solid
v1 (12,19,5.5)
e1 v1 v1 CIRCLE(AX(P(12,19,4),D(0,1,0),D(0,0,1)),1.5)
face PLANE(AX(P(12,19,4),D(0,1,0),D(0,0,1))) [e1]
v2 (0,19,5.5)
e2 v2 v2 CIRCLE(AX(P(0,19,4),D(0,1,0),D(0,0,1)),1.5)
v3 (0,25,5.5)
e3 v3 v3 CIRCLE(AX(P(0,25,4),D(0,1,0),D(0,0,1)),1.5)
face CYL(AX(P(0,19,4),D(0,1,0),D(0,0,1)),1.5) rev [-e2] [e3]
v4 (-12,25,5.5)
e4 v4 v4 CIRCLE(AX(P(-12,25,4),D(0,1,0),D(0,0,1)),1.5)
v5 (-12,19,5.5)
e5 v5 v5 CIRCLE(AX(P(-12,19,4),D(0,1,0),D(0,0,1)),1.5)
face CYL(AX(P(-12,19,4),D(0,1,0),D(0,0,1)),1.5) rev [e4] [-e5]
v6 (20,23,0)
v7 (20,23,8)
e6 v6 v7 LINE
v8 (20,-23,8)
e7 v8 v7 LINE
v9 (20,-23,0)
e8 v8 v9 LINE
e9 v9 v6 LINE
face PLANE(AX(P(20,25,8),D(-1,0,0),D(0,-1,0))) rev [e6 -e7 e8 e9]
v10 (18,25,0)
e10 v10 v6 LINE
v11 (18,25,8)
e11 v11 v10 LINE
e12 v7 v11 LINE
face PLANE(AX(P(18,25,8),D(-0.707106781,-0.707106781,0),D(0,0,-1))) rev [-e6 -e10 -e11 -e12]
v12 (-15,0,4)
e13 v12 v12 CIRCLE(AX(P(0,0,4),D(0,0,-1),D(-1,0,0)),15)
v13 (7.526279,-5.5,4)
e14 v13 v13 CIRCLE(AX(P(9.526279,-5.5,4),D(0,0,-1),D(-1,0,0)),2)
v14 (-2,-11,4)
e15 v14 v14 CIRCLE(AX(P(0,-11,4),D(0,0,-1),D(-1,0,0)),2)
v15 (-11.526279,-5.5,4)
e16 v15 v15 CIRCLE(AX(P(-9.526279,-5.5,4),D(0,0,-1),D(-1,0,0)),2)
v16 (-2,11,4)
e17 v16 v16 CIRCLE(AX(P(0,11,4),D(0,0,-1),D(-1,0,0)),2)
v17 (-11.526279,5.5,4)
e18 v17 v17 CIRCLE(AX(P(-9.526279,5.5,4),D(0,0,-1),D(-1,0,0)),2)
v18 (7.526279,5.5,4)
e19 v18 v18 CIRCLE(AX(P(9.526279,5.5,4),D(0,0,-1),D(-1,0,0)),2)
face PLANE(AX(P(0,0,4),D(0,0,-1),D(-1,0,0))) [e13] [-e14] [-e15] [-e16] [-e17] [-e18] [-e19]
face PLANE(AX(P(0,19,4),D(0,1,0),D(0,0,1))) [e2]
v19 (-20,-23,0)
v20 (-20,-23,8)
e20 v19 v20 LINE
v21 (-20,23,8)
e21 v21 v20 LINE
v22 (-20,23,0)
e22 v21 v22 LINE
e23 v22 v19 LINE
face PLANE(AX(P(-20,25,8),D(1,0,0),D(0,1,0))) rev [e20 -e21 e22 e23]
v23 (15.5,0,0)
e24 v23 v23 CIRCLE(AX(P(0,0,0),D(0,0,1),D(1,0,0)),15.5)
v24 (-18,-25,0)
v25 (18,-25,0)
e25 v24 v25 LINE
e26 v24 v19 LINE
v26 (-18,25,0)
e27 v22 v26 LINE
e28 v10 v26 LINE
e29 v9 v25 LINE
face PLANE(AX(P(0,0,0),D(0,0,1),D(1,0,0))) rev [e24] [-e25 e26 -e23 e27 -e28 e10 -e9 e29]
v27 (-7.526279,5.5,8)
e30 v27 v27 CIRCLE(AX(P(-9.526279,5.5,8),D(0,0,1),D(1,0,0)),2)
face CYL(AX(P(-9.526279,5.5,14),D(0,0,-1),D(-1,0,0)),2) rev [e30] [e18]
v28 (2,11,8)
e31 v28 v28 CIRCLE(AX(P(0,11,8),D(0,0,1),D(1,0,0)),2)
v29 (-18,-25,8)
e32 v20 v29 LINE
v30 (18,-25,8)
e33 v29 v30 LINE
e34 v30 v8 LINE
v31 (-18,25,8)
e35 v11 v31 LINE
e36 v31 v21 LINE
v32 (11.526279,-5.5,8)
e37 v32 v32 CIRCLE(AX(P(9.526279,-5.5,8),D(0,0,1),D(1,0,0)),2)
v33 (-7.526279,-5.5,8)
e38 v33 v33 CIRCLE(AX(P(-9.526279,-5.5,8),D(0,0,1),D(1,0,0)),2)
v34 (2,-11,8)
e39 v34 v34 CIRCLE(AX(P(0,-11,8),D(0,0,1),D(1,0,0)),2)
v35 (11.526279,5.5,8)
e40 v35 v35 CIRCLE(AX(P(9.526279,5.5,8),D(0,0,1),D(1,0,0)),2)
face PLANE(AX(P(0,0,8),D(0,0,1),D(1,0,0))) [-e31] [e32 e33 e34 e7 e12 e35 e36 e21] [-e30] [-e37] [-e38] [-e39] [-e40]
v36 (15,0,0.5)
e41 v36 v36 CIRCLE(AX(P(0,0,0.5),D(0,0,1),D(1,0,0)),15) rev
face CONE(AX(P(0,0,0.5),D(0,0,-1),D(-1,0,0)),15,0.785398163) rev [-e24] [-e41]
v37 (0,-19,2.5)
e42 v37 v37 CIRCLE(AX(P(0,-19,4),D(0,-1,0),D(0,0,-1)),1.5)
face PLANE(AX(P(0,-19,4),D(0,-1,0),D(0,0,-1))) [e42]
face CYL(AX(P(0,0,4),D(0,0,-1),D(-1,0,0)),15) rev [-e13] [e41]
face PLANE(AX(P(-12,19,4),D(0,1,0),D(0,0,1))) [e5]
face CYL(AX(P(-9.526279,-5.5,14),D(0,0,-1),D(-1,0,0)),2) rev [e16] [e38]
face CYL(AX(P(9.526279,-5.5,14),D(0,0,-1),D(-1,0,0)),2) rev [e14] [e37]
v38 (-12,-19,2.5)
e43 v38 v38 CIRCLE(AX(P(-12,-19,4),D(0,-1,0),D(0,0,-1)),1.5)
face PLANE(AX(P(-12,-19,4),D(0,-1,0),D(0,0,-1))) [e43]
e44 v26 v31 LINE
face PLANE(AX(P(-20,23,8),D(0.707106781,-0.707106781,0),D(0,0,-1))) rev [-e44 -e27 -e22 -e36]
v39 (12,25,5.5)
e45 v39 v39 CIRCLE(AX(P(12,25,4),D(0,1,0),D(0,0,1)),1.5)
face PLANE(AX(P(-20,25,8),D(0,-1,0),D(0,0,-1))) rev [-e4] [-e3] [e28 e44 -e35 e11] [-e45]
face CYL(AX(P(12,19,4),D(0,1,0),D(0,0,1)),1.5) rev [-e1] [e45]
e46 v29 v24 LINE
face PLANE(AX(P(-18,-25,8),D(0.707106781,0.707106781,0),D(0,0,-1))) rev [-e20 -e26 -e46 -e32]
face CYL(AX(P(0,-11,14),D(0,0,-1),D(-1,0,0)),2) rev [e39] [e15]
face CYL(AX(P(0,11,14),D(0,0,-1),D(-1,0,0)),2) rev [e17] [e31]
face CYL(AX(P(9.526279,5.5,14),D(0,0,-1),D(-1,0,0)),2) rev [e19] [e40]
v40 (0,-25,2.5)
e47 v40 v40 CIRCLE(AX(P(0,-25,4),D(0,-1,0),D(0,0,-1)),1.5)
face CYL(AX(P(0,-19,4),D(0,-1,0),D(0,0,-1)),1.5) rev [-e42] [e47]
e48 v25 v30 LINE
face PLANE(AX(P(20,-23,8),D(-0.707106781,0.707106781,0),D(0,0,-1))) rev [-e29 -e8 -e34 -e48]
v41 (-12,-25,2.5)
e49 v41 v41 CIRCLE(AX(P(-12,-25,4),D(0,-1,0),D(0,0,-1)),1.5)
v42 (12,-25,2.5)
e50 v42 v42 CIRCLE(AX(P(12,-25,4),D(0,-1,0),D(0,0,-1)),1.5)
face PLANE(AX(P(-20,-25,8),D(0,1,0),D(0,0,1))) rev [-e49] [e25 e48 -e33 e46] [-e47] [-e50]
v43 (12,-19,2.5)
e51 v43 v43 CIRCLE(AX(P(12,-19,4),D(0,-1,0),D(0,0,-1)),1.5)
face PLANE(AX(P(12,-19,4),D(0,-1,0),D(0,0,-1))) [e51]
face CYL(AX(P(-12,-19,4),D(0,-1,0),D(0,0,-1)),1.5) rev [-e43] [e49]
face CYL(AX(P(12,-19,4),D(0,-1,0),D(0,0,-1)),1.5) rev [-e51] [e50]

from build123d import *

# Parameters (mm, degrees)
SKETCH_1_W          = 40
SKETCH_1_H          = 50
EXTRUDE_1_DEPTH     = 8
SKETCH_2_R          = 15
CUT_EXTRUDE_1_DEPTH = 4
SKETCH_3_R          = 2
CUT_EXTRUDE_2_DEPTH = 10
CHAMFER_1_SIZE      = 2
SKETCH_4_R          = 1.5
CUT_EXTRUDE_3_DEPTH = 6
CUT_EXTRUDE_START   = -6
SKETCH_5_R          = 1.5
CUT_EXTRUDE_4_DEPTH = 6
CHAMFER_2_SIZE      = 0.5


with BuildPart() as part:
    # 草图1 → 凸台-拉伸1 (new body)
    with BuildSketch(Plane.XY):
        Rectangle(SKETCH_1_W, SKETCH_1_H)
    extrude(amount=EXTRUDE_1_DEPTH)

    # 草图2 → 切除-拉伸1 (cut)
    with BuildSketch(Plane(origin=(0, 0, 0), x_dir=(-1, 0, 0), z_dir=(0, 0, -1))):
        Circle(SKETCH_2_R)
    extrude(amount=-CUT_EXTRUDE_1_DEPTH, mode=Mode.SUBTRACT)

    # 草图3 → 切除-拉伸2 (cut)
    with BuildSketch(Plane(origin=(0, 0, 4), x_dir=(-1, 0, 0), z_dir=(0, 0, -1))):
        with Locations((0, 11)):
            Circle(SKETCH_3_R)
        with Locations((9.526279442, 5.5)):
            Circle(SKETCH_3_R)
        with Locations((9.526279442, -5.5)):
            Circle(SKETCH_3_R)
        with Locations((0, -11)):
            Circle(SKETCH_3_R)
        with Locations((-9.526279442, -5.5)):
            Circle(SKETCH_3_R)
        with Locations((-9.526279442, 5.5)):
            Circle(SKETCH_3_R)
    extrude(amount=-CUT_EXTRUDE_2_DEPTH, mode=Mode.SUBTRACT)

    # 倒角1
    chamfer_1_edges = [part.edges().sort_by_distance(p)[0] for p in [
        (20, -25, 4),
        (-20, -25, 4),
        (-20, 25, 4),
        (20, 25, 4),
    ]]
    chamfer(chamfer_1_edges, length=CHAMFER_1_SIZE)

    # 草图4 → 切除-拉伸3 (cut)
    with BuildSketch(Plane(origin=(0, 25, 0), x_dir=(1, 0, 0), z_dir=(0, 1, 0))):
        with Locations(Location((-12, -4, 0), (0, 0, 270))):
            Circle(SKETCH_4_R)
        with Locations(Location((0, -4, 0), (0, 0, 270))):
            Circle(SKETCH_4_R)
        with Locations(Location((12, -4, 0), (0, 0, 270))):
            Circle(SKETCH_4_R)
    extrude(amount=-CUT_EXTRUDE_3_DEPTH, mode=Mode.SUBTRACT)

    # 草图5 → 切除-拉伸4 (cut)
    with BuildSketch(Plane.XZ.offset(25).offset(CUT_EXTRUDE_START)):
        with Locations(Location((-12, 4, 0), (0, 0, 90))):
            Circle(SKETCH_5_R)
        with Locations(Location((0, 4, 0), (0, 0, 90))):
            Circle(SKETCH_5_R)
        with Locations(Location((12, 4, 0), (0, 0, 90))):
            Circle(SKETCH_5_R)
    extrude(amount=CUT_EXTRUDE_4_DEPTH, mode=Mode.SUBTRACT)

    # 倒角2
    chamfer_2_edges = [part.edges().sort_by_distance(p)[0] for p in [
        (15, 0, 0),
    ]]
    chamfer(chamfer_2_edges, length=CHAMFER_2_SIZE)


solid = part.part
